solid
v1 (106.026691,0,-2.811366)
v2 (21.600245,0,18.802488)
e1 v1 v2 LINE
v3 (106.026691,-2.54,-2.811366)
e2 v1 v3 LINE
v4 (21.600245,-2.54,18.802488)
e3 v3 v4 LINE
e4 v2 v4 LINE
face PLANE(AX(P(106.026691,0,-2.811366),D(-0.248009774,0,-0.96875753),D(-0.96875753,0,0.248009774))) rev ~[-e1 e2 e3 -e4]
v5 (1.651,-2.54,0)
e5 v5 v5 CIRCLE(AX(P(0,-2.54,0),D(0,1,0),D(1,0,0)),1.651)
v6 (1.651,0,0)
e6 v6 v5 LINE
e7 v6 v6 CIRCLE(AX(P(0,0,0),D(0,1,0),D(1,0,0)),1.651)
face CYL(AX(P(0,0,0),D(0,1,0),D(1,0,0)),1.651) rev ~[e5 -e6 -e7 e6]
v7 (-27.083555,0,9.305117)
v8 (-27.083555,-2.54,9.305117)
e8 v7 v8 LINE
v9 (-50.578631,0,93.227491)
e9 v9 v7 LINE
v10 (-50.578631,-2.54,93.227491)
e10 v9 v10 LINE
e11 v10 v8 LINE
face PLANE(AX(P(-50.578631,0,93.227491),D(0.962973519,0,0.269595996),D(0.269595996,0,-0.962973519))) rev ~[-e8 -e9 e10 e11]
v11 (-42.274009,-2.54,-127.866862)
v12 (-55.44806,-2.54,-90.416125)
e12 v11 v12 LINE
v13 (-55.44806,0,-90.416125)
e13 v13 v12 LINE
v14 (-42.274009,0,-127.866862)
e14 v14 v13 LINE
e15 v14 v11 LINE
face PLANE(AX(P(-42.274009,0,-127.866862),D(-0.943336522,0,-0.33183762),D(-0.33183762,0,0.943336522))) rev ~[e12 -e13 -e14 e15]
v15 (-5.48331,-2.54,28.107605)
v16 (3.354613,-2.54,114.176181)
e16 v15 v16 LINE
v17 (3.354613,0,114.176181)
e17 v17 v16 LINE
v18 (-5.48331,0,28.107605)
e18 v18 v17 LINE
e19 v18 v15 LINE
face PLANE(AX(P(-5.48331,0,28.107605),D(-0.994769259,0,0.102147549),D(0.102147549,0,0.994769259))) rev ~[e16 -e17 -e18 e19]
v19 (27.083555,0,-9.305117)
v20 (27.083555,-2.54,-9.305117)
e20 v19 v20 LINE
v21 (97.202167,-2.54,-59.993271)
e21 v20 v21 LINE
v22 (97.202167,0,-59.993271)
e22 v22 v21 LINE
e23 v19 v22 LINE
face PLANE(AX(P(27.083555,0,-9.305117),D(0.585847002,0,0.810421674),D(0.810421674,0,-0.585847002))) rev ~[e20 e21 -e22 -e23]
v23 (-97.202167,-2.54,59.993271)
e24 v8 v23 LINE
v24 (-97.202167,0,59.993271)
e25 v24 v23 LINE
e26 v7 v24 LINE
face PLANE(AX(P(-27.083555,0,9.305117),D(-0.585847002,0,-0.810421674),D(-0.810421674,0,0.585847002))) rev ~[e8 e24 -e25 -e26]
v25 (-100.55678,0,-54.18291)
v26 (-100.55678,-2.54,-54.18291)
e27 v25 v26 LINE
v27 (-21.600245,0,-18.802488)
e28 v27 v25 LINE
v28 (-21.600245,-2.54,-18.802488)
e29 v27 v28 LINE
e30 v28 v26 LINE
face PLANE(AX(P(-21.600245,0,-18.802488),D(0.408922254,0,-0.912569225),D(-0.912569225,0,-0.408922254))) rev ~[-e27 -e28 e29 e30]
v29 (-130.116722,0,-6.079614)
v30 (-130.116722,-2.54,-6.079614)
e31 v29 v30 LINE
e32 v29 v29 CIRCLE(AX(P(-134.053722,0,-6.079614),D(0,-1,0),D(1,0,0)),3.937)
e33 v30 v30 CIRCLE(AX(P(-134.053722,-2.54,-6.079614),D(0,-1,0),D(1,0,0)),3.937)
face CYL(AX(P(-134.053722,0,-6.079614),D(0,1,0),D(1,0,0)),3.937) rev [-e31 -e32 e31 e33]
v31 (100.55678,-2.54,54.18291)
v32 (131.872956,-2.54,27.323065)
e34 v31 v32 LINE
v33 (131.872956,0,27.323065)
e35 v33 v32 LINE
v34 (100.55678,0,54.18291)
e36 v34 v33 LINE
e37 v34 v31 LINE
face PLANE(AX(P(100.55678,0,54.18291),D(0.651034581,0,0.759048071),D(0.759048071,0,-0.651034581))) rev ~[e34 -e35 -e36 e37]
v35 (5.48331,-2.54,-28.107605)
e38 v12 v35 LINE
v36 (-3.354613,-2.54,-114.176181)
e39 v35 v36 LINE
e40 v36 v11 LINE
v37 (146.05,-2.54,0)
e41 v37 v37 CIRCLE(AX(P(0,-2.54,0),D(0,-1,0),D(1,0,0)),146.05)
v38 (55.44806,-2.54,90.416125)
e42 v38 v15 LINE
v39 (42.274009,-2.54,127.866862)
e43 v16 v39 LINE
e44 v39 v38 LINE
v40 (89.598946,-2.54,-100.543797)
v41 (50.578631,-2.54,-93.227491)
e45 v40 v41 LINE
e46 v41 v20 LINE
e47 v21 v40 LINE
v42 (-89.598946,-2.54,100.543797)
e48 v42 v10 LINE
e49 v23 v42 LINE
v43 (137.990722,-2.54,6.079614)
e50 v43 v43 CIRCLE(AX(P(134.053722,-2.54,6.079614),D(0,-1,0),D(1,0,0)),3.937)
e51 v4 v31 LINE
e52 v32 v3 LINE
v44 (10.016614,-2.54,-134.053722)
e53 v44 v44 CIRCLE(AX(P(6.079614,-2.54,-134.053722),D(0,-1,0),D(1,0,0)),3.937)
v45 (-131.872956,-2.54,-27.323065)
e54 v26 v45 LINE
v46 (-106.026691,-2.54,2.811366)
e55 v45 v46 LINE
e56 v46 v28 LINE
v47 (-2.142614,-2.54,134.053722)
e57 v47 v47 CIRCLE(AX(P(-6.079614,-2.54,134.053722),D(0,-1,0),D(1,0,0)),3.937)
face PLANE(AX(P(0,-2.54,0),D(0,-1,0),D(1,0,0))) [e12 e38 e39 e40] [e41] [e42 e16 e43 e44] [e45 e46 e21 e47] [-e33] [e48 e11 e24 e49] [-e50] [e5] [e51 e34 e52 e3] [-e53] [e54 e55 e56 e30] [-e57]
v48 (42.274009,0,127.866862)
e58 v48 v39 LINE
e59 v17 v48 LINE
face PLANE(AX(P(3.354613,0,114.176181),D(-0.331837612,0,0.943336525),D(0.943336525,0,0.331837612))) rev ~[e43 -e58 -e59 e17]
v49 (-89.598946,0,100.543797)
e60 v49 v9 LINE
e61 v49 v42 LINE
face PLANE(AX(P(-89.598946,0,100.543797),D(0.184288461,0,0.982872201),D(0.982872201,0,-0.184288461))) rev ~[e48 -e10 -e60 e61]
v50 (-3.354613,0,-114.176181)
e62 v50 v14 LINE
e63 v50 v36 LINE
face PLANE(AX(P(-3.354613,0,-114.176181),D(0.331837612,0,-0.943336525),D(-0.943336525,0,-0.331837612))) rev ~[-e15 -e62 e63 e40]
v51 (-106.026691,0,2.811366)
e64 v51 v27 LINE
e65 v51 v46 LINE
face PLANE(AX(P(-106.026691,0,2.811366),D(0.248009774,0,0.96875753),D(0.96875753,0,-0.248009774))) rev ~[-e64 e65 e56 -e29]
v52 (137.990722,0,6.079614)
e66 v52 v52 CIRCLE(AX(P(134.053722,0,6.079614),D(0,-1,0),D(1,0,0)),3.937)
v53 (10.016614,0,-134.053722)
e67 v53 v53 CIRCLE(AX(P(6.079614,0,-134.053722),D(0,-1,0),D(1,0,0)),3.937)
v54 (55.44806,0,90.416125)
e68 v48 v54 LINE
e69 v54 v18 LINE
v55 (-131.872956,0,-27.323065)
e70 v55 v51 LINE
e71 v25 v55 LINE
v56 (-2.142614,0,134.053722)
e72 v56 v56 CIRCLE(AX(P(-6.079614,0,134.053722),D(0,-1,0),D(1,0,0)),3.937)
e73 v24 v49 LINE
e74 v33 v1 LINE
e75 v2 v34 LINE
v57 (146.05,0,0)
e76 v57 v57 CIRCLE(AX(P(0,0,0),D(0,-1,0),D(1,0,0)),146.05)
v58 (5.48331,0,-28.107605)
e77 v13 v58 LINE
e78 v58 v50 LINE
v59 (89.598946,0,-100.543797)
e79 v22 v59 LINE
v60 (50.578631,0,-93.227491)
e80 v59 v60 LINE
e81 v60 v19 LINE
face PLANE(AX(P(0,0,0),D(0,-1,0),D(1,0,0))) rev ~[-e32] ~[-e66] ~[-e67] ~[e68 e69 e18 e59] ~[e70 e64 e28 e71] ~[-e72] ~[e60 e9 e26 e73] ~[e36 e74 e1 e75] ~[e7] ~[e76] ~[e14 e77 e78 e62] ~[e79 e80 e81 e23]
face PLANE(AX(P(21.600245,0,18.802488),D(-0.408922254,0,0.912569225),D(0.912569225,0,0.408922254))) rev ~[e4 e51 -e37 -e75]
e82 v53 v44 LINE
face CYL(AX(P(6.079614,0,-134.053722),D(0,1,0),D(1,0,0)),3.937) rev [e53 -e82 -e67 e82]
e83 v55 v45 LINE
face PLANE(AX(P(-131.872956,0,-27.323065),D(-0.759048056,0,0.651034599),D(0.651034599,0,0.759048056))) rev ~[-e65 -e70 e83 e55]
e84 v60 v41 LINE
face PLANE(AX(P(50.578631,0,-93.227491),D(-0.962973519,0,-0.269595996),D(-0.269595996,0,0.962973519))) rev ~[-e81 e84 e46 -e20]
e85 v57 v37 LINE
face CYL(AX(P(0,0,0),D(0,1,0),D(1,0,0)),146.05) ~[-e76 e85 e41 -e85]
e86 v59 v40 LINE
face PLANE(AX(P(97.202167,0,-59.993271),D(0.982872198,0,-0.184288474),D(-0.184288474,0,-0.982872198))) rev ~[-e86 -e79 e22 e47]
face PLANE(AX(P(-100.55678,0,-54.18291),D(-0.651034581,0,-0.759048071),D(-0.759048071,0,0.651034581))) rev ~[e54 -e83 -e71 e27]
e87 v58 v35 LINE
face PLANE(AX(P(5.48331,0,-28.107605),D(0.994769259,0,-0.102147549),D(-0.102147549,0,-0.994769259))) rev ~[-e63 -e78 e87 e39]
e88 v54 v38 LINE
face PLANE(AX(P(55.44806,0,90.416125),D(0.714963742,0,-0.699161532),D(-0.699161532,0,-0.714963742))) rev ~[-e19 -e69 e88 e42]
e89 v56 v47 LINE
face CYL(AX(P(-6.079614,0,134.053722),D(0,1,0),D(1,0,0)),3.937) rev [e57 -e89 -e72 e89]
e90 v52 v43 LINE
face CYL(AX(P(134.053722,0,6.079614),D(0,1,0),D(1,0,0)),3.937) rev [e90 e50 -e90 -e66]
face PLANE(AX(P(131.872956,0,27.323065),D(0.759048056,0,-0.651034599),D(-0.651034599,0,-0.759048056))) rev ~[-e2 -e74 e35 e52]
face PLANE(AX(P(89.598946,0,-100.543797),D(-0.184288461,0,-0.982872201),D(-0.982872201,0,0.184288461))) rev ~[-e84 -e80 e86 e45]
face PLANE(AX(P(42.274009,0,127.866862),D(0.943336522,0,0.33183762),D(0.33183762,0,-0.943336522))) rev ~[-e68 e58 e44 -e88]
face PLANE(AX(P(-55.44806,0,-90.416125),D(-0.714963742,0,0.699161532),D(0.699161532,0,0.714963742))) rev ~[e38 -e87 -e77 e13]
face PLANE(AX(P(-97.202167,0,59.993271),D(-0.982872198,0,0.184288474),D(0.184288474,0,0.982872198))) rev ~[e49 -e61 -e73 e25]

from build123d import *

# Parameters (mm, degrees)
F0_R     = 146.05
F0_R_2   = 3.937
F1_DEPTH = 2.54


with BuildPart() as f1:
    # F0 (on Front) → F1 (new body)
    with BuildSketch(Plane.XZ):
        Circle(F0_R)
        Polygon((-55.44806, -90.416125), (5.48331, -28.107605), (-3.354613, -114.176181), (-42.274009, -127.866862), align=None, mode=Mode.SUBTRACT)
        with Locations((-134.053722, -6.079614)):
            Circle(F0_R_2, mode=Mode.SUBTRACT)
        Polygon((-106.026691, 2.811366), (-21.600245, -18.802488), (-100.55678, -54.18291), (-131.872956, -27.323065), align=None, mode=Mode.SUBTRACT)
        with Locations((6.079614, -134.053722)):
            Circle(F0_R_2, mode=Mode.SUBTRACT)
        Polygon((50.578631, -93.227491), (27.083555, -9.305117), (97.202167, -59.993271), (89.598946, -100.543797), align=None, mode=Mode.SUBTRACT)
        Polygon((-50.578631, 93.227491), (-27.083555, 9.305117), (-97.202167, 59.993271), (-89.598946, 100.543797), align=None, mode=Mode.SUBTRACT)
        with Locations((-6.079614, 134.053722)):
            Circle(F0_R_2, mode=Mode.SUBTRACT)
        with BuildLine():
            ThreePointArc((-1.651, 0), (0, 1.651), (1.651, 0))
            ThreePointArc((1.651, 0), (0, -1.651), (-1.651, 0))
        make_face(mode=Mode.SUBTRACT)
        Polygon((106.026691, -2.811366), (21.600245, 18.802488), (100.55678, 54.18291), (131.872956, 27.323065), align=None, mode=Mode.SUBTRACT)
        with Locations((134.053722, 6.079614)):
            Circle(F0_R_2, mode=Mode.SUBTRACT)
        Polygon((55.44806, 90.416125), (-5.48331, 28.107605), (3.354613, 114.176181), (42.274009, 127.866862), align=None, mode=Mode.SUBTRACT)
    extrude(amount=F1_DEPTH)


solid = f1.part
